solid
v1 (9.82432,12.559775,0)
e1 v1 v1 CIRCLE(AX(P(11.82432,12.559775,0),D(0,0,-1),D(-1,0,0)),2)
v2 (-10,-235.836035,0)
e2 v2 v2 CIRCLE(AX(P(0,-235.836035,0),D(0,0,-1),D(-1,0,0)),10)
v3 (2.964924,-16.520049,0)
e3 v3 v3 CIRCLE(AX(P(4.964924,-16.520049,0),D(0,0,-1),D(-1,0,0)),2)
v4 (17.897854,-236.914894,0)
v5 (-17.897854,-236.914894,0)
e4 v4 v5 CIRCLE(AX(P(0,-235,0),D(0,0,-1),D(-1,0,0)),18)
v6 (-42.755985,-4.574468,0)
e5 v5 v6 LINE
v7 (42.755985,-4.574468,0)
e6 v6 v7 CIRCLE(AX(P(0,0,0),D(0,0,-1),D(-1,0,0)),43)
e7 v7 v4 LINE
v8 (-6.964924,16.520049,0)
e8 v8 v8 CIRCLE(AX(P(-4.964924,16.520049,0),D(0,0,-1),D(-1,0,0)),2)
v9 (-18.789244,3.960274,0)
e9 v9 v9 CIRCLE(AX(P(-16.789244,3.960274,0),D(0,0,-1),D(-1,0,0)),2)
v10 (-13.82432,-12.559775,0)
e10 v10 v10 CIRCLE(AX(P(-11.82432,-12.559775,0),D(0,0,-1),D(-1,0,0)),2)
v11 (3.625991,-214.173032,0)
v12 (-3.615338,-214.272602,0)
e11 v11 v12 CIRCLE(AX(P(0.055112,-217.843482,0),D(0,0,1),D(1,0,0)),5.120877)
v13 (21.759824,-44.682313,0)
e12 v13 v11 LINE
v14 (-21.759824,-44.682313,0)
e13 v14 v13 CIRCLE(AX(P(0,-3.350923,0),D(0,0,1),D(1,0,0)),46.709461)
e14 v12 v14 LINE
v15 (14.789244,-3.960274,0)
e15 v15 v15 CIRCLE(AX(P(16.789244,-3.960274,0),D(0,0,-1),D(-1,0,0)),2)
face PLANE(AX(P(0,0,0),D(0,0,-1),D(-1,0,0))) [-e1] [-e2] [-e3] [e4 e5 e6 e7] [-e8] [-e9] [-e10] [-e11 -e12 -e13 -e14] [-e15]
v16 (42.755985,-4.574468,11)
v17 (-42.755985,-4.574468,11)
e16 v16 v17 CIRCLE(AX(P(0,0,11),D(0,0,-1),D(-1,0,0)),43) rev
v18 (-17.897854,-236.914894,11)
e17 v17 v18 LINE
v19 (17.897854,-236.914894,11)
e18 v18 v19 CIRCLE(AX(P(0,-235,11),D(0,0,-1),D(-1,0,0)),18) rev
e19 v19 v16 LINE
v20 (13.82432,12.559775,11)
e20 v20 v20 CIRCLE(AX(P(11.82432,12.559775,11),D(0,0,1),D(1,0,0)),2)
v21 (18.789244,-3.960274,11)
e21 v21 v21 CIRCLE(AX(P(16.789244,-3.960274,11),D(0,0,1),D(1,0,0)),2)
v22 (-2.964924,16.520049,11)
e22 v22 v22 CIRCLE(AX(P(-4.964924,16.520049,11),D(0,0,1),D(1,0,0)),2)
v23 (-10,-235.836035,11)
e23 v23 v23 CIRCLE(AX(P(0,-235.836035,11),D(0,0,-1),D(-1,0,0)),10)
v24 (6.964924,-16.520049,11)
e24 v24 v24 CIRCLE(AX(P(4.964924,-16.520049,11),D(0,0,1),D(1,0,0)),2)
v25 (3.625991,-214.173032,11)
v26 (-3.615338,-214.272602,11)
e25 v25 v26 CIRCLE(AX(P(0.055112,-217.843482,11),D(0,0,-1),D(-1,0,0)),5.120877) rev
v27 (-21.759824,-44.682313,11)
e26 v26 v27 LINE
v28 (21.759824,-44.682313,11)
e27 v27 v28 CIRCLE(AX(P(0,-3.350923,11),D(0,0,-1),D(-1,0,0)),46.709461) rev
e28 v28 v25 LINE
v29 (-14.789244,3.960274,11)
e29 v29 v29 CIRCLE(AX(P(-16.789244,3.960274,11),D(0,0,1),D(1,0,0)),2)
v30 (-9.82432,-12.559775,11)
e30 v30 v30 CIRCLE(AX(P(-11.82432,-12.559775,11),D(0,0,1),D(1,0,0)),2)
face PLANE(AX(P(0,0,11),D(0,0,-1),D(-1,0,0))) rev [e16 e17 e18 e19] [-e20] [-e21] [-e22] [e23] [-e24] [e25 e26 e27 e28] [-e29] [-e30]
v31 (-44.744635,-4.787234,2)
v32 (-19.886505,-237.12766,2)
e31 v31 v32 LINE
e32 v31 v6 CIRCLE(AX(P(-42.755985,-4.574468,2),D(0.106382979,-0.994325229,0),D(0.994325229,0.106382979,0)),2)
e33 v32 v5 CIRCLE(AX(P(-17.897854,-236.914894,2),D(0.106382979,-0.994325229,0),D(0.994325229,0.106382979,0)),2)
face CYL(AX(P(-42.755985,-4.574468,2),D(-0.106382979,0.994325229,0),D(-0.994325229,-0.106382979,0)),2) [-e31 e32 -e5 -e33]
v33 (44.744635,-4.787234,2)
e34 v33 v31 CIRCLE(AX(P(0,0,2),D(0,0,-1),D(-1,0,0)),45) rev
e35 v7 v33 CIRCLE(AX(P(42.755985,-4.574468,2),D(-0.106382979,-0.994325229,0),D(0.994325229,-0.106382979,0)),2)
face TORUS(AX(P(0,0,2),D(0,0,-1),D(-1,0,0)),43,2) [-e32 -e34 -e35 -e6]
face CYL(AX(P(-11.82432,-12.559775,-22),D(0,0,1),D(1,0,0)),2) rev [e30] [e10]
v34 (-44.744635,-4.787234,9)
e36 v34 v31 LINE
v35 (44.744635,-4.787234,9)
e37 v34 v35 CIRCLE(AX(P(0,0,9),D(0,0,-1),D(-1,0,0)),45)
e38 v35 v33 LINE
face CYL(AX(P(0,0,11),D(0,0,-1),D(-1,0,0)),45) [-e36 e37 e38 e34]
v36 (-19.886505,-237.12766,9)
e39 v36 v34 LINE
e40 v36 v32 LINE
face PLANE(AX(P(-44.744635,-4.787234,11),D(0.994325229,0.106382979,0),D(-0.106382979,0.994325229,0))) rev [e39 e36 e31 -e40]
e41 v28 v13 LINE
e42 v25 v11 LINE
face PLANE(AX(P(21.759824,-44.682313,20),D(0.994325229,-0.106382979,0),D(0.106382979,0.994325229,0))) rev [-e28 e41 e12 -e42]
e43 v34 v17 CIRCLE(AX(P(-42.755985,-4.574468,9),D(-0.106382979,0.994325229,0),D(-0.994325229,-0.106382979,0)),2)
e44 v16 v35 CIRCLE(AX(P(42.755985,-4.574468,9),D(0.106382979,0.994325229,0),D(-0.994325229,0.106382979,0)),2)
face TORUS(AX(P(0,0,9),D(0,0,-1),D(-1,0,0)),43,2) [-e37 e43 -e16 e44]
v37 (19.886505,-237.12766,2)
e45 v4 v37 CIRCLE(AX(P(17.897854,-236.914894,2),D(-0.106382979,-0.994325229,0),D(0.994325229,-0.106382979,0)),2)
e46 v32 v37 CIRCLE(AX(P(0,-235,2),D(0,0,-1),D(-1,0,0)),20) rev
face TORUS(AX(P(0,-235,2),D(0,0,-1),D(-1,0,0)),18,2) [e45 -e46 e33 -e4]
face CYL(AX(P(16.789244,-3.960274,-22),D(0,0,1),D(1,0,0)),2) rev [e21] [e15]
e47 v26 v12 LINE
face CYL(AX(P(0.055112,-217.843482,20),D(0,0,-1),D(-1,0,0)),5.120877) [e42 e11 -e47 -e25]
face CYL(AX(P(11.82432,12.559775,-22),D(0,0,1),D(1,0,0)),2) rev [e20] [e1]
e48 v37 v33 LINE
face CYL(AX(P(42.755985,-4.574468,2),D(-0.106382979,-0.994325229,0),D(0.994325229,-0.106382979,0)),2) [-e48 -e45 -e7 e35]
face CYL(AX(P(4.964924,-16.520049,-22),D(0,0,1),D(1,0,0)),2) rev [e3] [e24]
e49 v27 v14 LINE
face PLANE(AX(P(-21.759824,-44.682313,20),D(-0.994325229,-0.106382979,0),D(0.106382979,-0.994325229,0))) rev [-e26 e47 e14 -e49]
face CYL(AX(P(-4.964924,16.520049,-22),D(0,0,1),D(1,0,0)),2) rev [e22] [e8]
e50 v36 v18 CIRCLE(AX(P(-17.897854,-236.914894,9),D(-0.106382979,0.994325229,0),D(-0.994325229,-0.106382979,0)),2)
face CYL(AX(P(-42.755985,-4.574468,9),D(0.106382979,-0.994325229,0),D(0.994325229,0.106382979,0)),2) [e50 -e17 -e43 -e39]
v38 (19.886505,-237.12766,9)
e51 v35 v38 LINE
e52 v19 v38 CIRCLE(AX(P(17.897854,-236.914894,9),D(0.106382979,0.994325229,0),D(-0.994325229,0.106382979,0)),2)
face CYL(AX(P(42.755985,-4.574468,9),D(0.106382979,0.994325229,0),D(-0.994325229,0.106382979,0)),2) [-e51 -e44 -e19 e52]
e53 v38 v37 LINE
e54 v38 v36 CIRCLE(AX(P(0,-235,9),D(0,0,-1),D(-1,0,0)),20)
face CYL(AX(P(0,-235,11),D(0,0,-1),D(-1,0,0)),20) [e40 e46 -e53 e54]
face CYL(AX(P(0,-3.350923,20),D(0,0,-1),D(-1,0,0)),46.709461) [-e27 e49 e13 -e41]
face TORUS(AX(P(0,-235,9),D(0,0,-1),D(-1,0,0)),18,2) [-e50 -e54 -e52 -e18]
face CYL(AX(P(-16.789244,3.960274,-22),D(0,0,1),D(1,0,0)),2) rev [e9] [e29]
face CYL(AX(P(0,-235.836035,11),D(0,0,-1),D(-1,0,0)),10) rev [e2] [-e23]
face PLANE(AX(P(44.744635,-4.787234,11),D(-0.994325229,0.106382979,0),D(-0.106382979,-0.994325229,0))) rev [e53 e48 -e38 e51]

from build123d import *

# Parameters (mm, degrees)
EXTRUDE_1_DEPTH     = 11
SKETCH_2_R          = 10
CUT_EXTRUDE_1_DEPTH = 11
FILLET_1_R          = 2
CUT_EXTRUDE_2_DEPTH = 20
SKETCH_6_R          = 2
CUT_EXTRUDE_4_DEPTH = 33


with BuildPart() as part:
    # 草图1 → 凸台-拉伸1 (new body)
    with BuildSketch(Plane.XY):
        with BuildLine():
            Line((-44.744635323, -4.787234043), (-19.886504588, -237.127659574))
            ThreePointArc((-19.886504588, -237.127659574), (0, -255), (19.886504588, -237.127659574))
            Line((19.886504588, -237.127659574), (44.744635323, -4.787234043))
            ThreePointArc((44.744635323, -4.787234043), (0, 45), (-44.744635323, -4.787234043))
        make_face()
    extrude(amount=EXTRUDE_1_DEPTH)

    # 草图2 → 切除-拉伸1 (cut)
    with BuildSketch(Plane(origin=(0, 0, 0), x_dir=(-1, 0, 0), z_dir=(0, 0, -1))):
        with Locations((0, -235.836034695)):
            Circle(SKETCH_2_R)
    extrude(amount=-CUT_EXTRUDE_1_DEPTH, mode=Mode.SUBTRACT)

    # 圆角1
    fillet_1_edges = [part.edges().sort_by_distance(p)[0] for p in [
        (0, -255, 11),
        (32.315569956, -120.957446809, 11),
        (0, 45, 11),
        (32.315569956, -120.957446809, 0),
        (0, -255, 0),
        (-32.315569956, -120.957446809, 0),
        (0, 45, 0),
        (-32.315569956, -120.957446809, 11),
    ]]
    fillet(fillet_1_edges, radius=FILLET_1_R)

    # 草图4 → 切除-拉伸2 (cut)
    with BuildSketch(Plane(origin=(0, 0, 0), x_dir=(-1, 0, 0), z_dir=(0, 0, -1))):
        with BuildLine():
            Line((-21.759824224, -44.682312886), (-3.625991278, -214.173032358))
            ThreePointArc((-3.625991278, -214.173032358), (0.015295132, -212.723088949), (3.615338262, -214.272602446))
            Line((3.615338262, -214.272602446), (21.759824224, -44.682312886))
            ThreePointArc((21.759824224, -44.682312886), (0, -50.060383894), (-21.759824224, -44.682312886))
        make_face()
    extrude(amount=-CUT_EXTRUDE_2_DEPTH, mode=Mode.SUBTRACT)

    # 草图6 → 切除-拉伸4 (cut)
    with BuildSketch(Plane.XY.offset(11)):
        with Locations((-16.789244382, 3.960274368)):
            Circle(SKETCH_6_R)
        with Locations((-4.964923982, 16.52004933)):
            Circle(SKETCH_6_R)
        with Locations((11.8243204, 12.559774961)):
            Circle(SKETCH_6_R)
        with Locations((16.789244382, -3.960274368)):
            Circle(SKETCH_6_R)
        with Locations((4.964923982, -16.52004933)):
            Circle(SKETCH_6_R)
        with Locations((-11.8243204, -12.559774961)):
            Circle(SKETCH_6_R)
    extrude(amount=-CUT_EXTRUDE_4_DEPTH, mode=Mode.SUBTRACT)


solid = part.part
